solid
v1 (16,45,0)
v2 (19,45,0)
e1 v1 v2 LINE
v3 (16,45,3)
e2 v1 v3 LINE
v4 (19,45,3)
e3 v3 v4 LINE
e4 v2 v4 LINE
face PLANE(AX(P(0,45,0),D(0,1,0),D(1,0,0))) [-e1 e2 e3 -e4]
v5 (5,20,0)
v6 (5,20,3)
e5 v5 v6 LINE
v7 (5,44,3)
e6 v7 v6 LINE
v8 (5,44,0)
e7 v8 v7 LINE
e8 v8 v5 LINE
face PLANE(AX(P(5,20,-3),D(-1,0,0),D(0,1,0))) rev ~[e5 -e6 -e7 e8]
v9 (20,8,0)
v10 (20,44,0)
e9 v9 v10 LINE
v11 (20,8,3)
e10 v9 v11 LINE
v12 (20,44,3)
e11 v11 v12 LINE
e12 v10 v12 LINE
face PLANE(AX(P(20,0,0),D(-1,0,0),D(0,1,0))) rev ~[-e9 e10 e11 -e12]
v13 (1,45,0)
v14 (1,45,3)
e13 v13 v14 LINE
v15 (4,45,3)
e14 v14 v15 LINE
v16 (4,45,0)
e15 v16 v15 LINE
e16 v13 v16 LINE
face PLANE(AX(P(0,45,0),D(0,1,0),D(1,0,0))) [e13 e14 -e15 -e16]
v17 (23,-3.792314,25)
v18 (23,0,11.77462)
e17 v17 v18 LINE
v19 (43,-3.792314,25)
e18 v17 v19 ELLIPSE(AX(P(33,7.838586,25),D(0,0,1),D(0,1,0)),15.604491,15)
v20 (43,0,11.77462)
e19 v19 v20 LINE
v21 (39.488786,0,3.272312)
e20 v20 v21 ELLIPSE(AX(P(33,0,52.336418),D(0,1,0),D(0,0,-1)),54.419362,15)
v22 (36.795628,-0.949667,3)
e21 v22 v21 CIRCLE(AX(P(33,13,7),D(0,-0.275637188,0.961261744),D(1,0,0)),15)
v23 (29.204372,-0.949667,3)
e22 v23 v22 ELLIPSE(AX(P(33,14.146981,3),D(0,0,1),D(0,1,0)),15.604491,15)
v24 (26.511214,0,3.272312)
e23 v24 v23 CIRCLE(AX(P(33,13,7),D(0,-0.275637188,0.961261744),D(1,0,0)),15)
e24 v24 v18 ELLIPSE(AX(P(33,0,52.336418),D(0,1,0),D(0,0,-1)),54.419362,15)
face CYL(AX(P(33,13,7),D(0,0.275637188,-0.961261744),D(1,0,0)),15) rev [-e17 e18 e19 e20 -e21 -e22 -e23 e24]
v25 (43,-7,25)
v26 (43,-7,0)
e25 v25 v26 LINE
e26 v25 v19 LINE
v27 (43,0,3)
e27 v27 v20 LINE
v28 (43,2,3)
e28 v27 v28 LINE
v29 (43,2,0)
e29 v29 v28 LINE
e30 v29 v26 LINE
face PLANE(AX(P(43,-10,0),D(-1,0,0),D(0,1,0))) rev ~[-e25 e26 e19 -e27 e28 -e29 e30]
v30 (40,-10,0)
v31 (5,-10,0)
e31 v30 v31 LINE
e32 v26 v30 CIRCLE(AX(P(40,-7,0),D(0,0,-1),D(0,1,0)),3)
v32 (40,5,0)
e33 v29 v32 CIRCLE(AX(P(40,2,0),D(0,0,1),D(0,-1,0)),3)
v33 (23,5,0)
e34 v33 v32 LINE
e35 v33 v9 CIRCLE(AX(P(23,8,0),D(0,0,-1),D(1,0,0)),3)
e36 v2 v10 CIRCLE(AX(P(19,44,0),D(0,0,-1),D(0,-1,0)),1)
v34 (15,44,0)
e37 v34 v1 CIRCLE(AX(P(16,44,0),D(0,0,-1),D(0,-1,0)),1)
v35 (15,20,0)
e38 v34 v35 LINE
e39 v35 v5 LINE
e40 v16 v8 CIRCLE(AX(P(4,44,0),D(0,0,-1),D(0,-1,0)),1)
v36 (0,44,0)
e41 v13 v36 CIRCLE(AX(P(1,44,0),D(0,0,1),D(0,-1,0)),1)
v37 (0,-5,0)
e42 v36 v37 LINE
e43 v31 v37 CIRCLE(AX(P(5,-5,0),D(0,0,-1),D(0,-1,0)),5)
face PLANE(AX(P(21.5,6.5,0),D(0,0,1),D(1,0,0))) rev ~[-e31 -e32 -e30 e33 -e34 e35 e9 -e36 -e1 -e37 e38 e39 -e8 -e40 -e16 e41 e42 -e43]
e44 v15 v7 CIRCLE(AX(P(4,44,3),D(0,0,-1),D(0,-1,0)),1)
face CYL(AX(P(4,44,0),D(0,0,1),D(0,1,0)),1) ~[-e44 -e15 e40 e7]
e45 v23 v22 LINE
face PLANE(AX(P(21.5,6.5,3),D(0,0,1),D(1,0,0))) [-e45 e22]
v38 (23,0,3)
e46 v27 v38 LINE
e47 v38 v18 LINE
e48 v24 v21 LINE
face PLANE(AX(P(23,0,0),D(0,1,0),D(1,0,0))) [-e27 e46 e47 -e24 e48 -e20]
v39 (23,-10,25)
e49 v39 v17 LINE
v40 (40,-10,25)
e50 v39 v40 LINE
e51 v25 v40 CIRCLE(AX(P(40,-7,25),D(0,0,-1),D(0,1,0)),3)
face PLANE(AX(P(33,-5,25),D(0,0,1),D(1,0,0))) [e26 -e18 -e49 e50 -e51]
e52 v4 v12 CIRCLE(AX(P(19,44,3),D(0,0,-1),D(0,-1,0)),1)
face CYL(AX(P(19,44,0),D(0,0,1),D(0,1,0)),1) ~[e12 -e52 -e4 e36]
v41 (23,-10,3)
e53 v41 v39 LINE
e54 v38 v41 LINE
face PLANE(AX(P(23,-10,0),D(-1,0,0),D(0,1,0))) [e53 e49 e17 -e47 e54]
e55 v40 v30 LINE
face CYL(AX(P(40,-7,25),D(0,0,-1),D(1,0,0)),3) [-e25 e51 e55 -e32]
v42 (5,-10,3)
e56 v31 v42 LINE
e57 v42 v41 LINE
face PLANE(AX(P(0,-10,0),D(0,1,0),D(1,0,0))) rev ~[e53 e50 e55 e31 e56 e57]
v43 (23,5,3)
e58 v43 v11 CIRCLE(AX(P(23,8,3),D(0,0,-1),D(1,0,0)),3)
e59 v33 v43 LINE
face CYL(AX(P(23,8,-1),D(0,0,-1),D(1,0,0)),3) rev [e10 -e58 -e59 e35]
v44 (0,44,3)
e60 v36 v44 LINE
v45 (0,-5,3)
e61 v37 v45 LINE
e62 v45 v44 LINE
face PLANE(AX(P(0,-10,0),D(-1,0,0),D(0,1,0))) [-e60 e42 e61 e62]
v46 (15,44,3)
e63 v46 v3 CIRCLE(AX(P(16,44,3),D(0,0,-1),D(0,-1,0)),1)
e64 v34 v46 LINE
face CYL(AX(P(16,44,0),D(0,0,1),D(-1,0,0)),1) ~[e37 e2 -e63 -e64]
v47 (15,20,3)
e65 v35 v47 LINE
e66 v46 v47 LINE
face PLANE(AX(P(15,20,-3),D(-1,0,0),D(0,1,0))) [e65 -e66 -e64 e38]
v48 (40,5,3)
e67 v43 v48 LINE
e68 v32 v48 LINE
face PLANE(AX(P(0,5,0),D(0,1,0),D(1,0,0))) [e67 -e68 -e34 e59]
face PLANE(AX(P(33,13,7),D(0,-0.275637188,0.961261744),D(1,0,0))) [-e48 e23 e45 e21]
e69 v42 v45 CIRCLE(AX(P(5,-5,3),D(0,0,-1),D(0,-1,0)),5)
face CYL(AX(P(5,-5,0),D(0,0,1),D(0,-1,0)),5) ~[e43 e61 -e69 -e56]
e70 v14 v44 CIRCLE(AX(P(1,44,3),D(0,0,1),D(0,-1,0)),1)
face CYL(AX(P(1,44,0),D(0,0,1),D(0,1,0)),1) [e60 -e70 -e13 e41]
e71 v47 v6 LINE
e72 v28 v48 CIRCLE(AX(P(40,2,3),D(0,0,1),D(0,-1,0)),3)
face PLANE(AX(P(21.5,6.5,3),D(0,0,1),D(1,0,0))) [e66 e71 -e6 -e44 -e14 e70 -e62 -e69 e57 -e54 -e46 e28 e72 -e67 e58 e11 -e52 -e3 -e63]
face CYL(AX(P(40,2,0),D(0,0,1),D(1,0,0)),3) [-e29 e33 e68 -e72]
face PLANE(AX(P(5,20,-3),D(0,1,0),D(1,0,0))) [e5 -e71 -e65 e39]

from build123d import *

# Parameters (mm, degrees)
CYLINDER001_R       = 3
CYLINDER001_DEPTH   = 10
CYLINDER_R          = 15
CYLINDER_DEPTH      = 27
CYLINDER_ROLL_ANGLE = 15.99999
BOX002_W            = 20
BOX002_H            = 10
BOX002_DEPTH        = 25
BOX004_W            = 3
BOX004_H            = 3
BOX004_DEPTH        = 3
BOX003_W            = 43
BOX003_H            = 15
BOX003_DEPTH        = 3
BOX001_W            = 10
BOX001_H            = 30
BOX001_DEPTH        = 10
BOX_W               = 20
BOX_H               = 45
BOX_DEPTH           = 3
FILLET_R            = 5
FILLET001_R         = 3
FILLET002_R         = 3
FILLET003_R         = 1
FILLET004_R         = 1
FILLET005_R         = 1
FILLET006_R         = 1


with BuildPart() as cylinder001:
    # Cylinder001 → Cylinder001 (new body)
    with BuildSketch(Plane(origin=(23, 8, -1), x_dir=(1, 0, 0), z_dir=(0, 0, 1))):
        Circle(CYLINDER001_R)
    extrude(amount=CYLINDER001_DEPTH)


with BuildPart() as cylinder:
    # Cylinder → Cylinder (new body)
    with BuildSketch(Plane.XY):
        Circle(CYLINDER_R)
    extrude(amount=CYLINDER_DEPTH)


with BuildPart() as cylinder_1:
    # Cylinder roll: moved
    add(cylinder.part.rotate(Axis((0, 0, 0), (1, 0, 0)), CYLINDER_ROLL_ANGLE))


with BuildPart() as cylinder_2:
    # Cylinder placement: moved
    add(cylinder_1.part.moved(Location((30, 13, 7))))


with BuildPart() as prise:
    # Box002 → Box002 (new body)
    with BuildSketch(Plane(origin=(20, -10, 0), x_dir=(1, 0, 0), z_dir=(0, 0, 1))):
        with Locations((10, 5)):
            Rectangle(BOX002_W, BOX002_H)
    extrude(amount=BOX002_DEPTH)

    # Cut001: cut Cylinder
    add(cylinder_2.part, mode=Mode.SUBTRACT)


with BuildPart() as prise_1:
    # Cut001 placement: moved
    add(prise.part.moved(Location((3, 0, 0))))


with BuildPart() as finition_int_rieure:
    # Box004 → Box004 (new body)
    with BuildSketch(Plane(origin=(20, 5, 0), x_dir=(1, 0, 0), z_dir=(0, 0, 1))):
        with Locations((1.5, 1.5)):
            Rectangle(BOX004_W, BOX004_H)
    extrude(amount=BOX004_DEPTH)


with BuildPart() as extension_plan:
    # Box003 → Box003 (new body)
    with BuildSketch(Plane(origin=(0, -10, 0), x_dir=(1, 0, 0), z_dir=(0, 0, 1))):
        with Locations((21.5, 7.5)):
            Rectangle(BOX003_W, BOX003_H)
    extrude(amount=BOX003_DEPTH)


with BuildPart() as box02:
    # Box001 → Box001 (new body)
    with BuildSketch(Plane(origin=(5, 20, -3), x_dir=(1, 0, 0), z_dir=(0, 0, 1))):
        with Locations((5, 15)):
            Rectangle(BOX001_W, BOX001_H)
    extrude(amount=BOX001_DEPTH)


with BuildPart() as cut002:
    # Box → Box (new body)
    with BuildSketch(Plane.XY):
        with Locations((10, 22.5)):
            Rectangle(BOX_W, BOX_H)
    extrude(amount=BOX_DEPTH)

    # Cut: cut Box02
    add(box02.part, mode=Mode.SUBTRACT)

    # Fusion: union Extension plan
    add(extension_plan.part)

    # Fusion001: union Finition intérieure
    add(finition_int_rieure.part)

    # Fusion002: union Prise
    add(prise_1.part)

    # Fillet
    fillet_edges = [cut002.edges().sort_by_distance(p)[0] for p in [
        (0, -10, 1.5),
    ]]
    fillet(fillet_edges, radius=FILLET_R)

    # Fillet001
    fillet001_edges = [cut002.edges().sort_by_distance(p)[0] for p in [
        (43, 5, 1.5),
    ]]
    fillet(fillet001_edges, radius=FILLET001_R)

    # Fillet002
    fillet002_edges = [cut002.edges().sort_by_distance(p)[0] for p in [
        (43, -10, 14),
    ]]
    fillet(fillet002_edges, radius=FILLET002_R)

    # Fillet003
    fillet003_edges = [cut002.edges().sort_by_distance(p)[0] for p in [
        (5, 45, 1.5),
    ]]
    fillet(fillet003_edges, radius=FILLET003_R)

    # Fillet004
    fillet004_edges = [cut002.edges().sort_by_distance(p)[0] for p in [
        (20, 45, 1.5),
    ]]
    fillet(fillet004_edges, radius=FILLET004_R)

    # Fillet005
    fillet005_edges = [cut002.edges().sort_by_distance(p)[0] for p in [
        (0, 45, 1.5),
    ]]
    fillet(fillet005_edges, radius=FILLET005_R)

    # Fillet006
    fillet006_edges = [cut002.edges().sort_by_distance(p)[0] for p in [
        (15, 45, 1.5),
    ]]
    fillet(fillet006_edges, radius=FILLET006_R)

    # Cut002: cut Cylinder001
    add(cylinder001.part, mode=Mode.SUBTRACT)


solid = cut002.part
